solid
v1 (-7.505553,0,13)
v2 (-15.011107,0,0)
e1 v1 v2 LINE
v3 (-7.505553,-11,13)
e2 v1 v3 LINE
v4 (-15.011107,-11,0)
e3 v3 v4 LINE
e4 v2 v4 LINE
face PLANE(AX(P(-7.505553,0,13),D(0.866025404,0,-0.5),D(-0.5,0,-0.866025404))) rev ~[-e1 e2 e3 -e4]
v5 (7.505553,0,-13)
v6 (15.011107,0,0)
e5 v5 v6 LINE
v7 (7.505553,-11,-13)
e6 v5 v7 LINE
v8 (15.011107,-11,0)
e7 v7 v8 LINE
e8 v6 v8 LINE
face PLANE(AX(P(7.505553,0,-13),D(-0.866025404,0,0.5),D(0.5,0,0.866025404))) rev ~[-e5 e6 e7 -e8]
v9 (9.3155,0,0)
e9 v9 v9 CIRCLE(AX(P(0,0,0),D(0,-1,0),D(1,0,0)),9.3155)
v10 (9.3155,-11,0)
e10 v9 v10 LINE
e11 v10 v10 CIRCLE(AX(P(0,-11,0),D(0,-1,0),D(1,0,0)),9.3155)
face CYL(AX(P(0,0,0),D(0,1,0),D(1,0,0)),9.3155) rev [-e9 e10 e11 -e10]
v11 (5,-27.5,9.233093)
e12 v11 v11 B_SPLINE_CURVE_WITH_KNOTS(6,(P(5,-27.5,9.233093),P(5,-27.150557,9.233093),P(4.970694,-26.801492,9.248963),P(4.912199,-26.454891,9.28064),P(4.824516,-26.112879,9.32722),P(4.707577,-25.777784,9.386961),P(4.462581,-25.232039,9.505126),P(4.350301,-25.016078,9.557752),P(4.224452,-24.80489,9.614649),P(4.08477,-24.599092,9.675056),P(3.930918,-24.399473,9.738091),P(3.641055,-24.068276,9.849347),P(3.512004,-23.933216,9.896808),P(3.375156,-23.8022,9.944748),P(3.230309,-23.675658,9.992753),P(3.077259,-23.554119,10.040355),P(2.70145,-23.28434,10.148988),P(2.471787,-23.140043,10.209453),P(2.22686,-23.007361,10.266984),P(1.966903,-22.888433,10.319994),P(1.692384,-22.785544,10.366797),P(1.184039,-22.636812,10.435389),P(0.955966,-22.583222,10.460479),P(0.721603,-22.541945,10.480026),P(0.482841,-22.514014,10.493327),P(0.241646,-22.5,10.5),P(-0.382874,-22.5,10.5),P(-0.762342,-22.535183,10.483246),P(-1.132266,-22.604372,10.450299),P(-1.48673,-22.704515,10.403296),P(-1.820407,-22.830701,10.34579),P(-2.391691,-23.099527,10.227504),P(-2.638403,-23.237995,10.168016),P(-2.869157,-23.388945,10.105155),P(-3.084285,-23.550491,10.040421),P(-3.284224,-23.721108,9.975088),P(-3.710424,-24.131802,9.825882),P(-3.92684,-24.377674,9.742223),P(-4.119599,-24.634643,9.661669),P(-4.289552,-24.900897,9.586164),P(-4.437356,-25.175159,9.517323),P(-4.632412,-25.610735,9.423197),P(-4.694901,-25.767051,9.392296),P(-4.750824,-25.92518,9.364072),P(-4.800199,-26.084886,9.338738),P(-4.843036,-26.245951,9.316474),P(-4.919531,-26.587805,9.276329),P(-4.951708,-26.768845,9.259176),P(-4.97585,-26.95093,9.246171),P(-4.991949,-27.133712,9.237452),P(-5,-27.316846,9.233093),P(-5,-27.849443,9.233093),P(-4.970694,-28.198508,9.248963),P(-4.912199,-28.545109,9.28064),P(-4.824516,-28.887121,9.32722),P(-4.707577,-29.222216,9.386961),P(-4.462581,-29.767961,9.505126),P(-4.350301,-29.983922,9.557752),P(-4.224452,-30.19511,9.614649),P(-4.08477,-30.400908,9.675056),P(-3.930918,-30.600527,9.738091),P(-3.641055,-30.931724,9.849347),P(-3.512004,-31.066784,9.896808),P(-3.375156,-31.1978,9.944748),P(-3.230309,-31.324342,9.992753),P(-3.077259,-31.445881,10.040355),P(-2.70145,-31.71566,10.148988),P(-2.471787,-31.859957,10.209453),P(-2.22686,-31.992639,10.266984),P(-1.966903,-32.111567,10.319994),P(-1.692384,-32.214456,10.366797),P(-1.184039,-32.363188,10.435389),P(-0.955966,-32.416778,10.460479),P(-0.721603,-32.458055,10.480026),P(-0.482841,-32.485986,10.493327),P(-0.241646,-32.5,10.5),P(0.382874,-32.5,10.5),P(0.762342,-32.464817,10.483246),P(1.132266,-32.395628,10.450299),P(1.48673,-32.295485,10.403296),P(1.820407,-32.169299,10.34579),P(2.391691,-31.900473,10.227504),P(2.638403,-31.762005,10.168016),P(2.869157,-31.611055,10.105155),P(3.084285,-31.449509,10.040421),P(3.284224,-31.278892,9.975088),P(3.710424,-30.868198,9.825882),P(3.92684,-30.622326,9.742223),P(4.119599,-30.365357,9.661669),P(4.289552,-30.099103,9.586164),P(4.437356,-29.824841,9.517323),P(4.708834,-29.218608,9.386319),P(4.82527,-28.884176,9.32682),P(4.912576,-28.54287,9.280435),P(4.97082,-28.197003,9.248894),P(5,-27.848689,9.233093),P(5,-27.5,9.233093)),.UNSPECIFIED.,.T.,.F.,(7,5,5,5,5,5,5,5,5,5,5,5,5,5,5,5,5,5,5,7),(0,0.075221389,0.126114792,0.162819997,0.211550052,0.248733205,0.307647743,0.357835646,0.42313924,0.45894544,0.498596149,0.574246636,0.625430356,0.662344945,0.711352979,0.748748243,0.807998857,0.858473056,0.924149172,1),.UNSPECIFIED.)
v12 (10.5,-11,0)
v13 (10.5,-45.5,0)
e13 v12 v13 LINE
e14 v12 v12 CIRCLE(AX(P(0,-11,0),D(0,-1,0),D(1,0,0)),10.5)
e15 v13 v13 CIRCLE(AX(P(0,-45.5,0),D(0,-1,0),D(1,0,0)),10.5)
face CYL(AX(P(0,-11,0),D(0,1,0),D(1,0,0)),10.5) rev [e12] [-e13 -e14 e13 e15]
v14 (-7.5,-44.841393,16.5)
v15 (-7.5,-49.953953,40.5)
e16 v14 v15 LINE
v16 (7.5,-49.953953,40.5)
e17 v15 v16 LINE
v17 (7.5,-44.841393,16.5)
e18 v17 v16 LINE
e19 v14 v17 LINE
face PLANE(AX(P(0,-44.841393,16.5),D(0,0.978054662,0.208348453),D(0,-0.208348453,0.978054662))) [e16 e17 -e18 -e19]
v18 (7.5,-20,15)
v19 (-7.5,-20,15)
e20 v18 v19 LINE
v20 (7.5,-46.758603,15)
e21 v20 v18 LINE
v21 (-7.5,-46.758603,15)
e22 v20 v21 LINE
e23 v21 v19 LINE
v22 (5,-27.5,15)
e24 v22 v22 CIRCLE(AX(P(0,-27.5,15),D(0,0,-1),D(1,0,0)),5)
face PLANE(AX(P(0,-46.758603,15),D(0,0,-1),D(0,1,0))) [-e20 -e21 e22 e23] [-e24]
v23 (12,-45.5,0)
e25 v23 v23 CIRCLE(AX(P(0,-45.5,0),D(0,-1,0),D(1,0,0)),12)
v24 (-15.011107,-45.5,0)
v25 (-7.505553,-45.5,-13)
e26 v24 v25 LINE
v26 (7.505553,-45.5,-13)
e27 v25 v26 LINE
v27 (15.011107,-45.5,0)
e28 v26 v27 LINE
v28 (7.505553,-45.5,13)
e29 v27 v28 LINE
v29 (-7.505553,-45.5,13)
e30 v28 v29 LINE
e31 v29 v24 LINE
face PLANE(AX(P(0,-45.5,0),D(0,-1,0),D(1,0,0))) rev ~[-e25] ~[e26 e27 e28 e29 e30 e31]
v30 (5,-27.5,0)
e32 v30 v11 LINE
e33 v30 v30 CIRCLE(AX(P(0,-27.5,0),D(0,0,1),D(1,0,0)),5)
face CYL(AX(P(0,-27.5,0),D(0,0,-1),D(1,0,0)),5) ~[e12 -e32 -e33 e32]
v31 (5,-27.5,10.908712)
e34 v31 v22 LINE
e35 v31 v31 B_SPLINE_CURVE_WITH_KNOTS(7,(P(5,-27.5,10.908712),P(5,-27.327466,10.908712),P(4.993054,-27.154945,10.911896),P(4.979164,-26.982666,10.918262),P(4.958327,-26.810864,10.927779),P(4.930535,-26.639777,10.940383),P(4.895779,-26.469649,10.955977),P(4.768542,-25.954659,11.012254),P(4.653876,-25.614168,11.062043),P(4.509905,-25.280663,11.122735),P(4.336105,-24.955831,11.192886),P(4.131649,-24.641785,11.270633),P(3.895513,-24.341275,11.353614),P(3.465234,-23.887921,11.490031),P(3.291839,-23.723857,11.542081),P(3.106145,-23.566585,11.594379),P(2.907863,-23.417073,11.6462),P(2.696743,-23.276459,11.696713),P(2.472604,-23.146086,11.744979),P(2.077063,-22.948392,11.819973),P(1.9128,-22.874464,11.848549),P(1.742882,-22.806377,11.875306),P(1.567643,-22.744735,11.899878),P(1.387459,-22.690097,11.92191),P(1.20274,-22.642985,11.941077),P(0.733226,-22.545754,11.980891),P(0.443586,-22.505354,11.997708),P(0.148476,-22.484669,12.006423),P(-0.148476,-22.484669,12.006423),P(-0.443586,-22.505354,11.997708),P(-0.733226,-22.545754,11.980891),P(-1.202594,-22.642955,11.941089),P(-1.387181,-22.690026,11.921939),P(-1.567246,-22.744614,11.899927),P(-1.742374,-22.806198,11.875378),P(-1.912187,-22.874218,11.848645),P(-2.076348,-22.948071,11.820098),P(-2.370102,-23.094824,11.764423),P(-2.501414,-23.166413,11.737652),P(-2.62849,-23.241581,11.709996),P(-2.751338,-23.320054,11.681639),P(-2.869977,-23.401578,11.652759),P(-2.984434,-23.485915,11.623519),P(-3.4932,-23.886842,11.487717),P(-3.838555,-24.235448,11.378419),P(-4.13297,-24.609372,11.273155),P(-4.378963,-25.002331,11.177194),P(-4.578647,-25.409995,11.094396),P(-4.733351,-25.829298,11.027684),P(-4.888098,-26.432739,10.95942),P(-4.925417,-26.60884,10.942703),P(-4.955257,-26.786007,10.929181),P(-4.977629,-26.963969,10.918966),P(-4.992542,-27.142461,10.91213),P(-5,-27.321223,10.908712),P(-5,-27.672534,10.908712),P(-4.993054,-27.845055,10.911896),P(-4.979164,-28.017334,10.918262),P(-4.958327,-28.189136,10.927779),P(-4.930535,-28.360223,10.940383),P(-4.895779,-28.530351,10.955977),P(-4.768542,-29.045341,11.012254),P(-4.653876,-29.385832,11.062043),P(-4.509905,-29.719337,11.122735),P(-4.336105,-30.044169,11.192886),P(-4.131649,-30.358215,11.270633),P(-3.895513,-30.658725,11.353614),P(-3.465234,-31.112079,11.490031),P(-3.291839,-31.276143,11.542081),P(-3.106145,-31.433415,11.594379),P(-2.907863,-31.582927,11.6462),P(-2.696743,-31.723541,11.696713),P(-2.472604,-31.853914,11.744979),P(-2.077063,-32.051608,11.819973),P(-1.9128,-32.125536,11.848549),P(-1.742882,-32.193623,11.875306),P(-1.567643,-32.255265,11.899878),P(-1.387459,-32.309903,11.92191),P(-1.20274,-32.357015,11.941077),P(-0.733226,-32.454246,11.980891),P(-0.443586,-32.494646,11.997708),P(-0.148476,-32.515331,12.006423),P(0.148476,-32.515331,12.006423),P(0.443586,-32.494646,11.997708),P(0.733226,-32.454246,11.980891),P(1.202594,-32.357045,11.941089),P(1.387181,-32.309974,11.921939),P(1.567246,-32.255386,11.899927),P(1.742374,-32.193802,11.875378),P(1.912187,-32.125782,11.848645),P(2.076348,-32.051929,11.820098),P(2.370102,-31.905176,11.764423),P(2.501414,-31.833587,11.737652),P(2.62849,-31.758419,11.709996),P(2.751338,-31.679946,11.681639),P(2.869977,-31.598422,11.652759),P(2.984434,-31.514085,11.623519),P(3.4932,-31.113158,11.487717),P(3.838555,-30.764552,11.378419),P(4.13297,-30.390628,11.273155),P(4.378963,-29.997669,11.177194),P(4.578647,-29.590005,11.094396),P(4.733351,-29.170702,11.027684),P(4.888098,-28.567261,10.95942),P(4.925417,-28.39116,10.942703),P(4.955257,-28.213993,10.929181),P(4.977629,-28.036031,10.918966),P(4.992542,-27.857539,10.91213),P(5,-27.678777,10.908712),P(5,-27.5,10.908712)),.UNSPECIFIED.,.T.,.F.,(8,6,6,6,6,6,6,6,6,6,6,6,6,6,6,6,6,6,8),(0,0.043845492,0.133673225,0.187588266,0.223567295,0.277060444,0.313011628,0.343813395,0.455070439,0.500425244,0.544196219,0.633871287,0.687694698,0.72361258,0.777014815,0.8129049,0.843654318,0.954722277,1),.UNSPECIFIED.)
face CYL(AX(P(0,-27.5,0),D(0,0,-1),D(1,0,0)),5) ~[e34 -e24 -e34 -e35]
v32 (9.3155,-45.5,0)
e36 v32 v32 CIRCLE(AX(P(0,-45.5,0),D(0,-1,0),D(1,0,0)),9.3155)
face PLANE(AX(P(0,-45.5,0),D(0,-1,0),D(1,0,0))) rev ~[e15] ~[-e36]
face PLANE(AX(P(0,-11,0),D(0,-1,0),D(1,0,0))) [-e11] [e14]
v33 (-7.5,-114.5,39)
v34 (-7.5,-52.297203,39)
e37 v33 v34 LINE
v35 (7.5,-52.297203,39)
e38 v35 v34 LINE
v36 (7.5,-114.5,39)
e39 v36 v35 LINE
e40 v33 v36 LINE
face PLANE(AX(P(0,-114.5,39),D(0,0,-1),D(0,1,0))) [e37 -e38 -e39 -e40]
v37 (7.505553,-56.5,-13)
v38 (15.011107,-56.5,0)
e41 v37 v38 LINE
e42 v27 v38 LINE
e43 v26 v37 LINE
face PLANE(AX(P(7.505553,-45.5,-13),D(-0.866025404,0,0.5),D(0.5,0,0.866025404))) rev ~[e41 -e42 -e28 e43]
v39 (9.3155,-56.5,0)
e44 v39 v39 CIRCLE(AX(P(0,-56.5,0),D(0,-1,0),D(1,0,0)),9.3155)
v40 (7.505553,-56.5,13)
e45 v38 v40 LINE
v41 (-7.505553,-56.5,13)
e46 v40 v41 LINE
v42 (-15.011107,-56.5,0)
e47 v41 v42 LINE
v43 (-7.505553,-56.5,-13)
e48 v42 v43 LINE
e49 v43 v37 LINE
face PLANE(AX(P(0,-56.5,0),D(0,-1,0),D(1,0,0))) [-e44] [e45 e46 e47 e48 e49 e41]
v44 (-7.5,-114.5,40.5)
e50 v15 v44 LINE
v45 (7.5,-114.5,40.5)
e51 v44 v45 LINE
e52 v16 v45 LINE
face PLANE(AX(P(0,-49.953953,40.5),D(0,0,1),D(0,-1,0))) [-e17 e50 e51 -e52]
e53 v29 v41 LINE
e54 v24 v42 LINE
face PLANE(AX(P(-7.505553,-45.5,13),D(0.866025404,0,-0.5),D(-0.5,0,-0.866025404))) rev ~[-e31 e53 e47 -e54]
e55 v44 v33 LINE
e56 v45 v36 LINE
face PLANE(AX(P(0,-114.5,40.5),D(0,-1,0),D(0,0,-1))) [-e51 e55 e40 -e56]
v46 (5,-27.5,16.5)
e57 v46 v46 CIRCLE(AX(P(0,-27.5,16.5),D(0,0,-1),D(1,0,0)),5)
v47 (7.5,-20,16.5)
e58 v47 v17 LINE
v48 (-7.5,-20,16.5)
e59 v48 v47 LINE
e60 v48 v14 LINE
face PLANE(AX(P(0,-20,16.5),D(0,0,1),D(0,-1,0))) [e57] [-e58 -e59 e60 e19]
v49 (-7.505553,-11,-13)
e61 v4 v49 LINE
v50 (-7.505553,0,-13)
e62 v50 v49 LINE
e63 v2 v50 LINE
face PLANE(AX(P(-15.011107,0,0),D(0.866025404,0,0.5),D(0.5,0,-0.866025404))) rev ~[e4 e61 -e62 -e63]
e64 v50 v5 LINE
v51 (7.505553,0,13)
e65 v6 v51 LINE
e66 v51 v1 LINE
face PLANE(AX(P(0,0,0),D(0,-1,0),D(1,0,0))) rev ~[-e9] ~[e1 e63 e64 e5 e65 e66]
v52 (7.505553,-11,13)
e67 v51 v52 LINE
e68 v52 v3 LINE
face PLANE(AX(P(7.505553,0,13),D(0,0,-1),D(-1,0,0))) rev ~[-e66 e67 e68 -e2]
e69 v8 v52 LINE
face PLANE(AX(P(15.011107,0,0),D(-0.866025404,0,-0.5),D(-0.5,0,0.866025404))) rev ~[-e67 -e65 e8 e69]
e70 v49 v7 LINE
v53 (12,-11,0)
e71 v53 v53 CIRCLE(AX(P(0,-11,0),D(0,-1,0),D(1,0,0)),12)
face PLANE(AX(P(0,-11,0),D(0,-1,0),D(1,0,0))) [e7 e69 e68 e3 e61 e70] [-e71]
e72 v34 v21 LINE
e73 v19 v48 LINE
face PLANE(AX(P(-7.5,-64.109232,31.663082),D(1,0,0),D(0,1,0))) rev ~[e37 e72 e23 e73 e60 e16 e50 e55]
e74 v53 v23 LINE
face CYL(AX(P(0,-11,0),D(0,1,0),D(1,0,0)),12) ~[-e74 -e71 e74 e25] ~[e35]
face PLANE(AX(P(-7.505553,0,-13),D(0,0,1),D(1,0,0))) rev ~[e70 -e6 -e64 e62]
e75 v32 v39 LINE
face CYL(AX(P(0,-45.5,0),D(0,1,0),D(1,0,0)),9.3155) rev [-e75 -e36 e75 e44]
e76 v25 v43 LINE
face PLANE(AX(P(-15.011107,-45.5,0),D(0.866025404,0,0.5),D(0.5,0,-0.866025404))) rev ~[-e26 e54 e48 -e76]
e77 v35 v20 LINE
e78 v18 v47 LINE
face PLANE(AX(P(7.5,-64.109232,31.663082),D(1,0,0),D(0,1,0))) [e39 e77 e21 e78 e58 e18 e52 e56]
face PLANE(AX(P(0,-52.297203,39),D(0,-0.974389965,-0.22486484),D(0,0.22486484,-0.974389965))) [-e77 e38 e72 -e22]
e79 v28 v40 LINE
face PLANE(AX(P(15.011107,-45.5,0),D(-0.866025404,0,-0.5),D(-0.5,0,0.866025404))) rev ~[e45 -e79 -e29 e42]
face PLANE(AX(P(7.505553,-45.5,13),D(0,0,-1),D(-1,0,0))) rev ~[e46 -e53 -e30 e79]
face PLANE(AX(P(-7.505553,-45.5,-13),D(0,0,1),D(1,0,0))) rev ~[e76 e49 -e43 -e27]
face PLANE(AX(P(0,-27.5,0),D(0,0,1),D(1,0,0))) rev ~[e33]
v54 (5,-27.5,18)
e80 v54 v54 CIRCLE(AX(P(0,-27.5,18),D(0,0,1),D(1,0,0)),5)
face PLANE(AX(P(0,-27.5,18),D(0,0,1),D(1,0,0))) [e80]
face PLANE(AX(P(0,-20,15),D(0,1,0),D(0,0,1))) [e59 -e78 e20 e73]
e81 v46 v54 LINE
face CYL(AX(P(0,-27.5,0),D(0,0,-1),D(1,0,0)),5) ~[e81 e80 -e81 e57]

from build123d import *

# Parameters (mm, degrees)
F0_R     = 9.3155
F1_DEPTH = 11
F2_R     = 12
F2_R_2   = 10.5
F3_DEPTH = 34.5
F4_R     = 9.3155
F5_DEPTH = 11
F6_R     = 5
F7_DEPTH = 18
F9_DEPTH = 7.5


with BuildPart() as f1:
    # F0 (on Front) → F1 (new body)
    with BuildSketch(Plane.XZ):
        Polygon((-7.5055534995, 13), (-15.0111069989, 0), (-7.5055534995, -13), (7.5055534995, -13), (15.0111069989, 0), (7.5055534995, 13), align=None)
        Circle(F0_R, mode=Mode.SUBTRACT)
    extrude(amount=F1_DEPTH)

    # F2 (on face) → F3 (join)
    with BuildSketch(Plane.XZ.offset(11)):
        Circle(F2_R)
        Circle(F2_R_2, mode=Mode.SUBTRACT)
    extrude(amount=F3_DEPTH)

    # F4 (on face) → F5 (join)
    with BuildSketch(Plane.XZ.offset(45.5)):
        Polygon((-7.5055534995, 13), (-15.0111069989, 0), (-7.5055534995, -13), (7.5055534995, -13), (15.0111069989, 0), (7.5055534995, 13), align=None)
        Circle(F4_R, mode=Mode.SUBTRACT)
    extrude(amount=F5_DEPTH)

    # F6 (on Top) → F7 (join)
    with BuildSketch(Plane.XY):
        with Locations((0, -27.5)):
            Circle(F6_R)
    extrude(amount=F7_DEPTH)

    # F8 (on Right) → F9 (join, symmetric)
    with BuildSketch(Plane.YZ):
        Polygon((-20, 15), (-20, 16.5), (-44.8413931031, 16.5), (-49.9539528364, 40.5), (-114.5, 40.5), (-114.5, 39), (-52.2972028911, 39), (-46.7586030031, 15), align=None)
    extrude(amount=F9_DEPTH, both=True)


solid = f1.part
